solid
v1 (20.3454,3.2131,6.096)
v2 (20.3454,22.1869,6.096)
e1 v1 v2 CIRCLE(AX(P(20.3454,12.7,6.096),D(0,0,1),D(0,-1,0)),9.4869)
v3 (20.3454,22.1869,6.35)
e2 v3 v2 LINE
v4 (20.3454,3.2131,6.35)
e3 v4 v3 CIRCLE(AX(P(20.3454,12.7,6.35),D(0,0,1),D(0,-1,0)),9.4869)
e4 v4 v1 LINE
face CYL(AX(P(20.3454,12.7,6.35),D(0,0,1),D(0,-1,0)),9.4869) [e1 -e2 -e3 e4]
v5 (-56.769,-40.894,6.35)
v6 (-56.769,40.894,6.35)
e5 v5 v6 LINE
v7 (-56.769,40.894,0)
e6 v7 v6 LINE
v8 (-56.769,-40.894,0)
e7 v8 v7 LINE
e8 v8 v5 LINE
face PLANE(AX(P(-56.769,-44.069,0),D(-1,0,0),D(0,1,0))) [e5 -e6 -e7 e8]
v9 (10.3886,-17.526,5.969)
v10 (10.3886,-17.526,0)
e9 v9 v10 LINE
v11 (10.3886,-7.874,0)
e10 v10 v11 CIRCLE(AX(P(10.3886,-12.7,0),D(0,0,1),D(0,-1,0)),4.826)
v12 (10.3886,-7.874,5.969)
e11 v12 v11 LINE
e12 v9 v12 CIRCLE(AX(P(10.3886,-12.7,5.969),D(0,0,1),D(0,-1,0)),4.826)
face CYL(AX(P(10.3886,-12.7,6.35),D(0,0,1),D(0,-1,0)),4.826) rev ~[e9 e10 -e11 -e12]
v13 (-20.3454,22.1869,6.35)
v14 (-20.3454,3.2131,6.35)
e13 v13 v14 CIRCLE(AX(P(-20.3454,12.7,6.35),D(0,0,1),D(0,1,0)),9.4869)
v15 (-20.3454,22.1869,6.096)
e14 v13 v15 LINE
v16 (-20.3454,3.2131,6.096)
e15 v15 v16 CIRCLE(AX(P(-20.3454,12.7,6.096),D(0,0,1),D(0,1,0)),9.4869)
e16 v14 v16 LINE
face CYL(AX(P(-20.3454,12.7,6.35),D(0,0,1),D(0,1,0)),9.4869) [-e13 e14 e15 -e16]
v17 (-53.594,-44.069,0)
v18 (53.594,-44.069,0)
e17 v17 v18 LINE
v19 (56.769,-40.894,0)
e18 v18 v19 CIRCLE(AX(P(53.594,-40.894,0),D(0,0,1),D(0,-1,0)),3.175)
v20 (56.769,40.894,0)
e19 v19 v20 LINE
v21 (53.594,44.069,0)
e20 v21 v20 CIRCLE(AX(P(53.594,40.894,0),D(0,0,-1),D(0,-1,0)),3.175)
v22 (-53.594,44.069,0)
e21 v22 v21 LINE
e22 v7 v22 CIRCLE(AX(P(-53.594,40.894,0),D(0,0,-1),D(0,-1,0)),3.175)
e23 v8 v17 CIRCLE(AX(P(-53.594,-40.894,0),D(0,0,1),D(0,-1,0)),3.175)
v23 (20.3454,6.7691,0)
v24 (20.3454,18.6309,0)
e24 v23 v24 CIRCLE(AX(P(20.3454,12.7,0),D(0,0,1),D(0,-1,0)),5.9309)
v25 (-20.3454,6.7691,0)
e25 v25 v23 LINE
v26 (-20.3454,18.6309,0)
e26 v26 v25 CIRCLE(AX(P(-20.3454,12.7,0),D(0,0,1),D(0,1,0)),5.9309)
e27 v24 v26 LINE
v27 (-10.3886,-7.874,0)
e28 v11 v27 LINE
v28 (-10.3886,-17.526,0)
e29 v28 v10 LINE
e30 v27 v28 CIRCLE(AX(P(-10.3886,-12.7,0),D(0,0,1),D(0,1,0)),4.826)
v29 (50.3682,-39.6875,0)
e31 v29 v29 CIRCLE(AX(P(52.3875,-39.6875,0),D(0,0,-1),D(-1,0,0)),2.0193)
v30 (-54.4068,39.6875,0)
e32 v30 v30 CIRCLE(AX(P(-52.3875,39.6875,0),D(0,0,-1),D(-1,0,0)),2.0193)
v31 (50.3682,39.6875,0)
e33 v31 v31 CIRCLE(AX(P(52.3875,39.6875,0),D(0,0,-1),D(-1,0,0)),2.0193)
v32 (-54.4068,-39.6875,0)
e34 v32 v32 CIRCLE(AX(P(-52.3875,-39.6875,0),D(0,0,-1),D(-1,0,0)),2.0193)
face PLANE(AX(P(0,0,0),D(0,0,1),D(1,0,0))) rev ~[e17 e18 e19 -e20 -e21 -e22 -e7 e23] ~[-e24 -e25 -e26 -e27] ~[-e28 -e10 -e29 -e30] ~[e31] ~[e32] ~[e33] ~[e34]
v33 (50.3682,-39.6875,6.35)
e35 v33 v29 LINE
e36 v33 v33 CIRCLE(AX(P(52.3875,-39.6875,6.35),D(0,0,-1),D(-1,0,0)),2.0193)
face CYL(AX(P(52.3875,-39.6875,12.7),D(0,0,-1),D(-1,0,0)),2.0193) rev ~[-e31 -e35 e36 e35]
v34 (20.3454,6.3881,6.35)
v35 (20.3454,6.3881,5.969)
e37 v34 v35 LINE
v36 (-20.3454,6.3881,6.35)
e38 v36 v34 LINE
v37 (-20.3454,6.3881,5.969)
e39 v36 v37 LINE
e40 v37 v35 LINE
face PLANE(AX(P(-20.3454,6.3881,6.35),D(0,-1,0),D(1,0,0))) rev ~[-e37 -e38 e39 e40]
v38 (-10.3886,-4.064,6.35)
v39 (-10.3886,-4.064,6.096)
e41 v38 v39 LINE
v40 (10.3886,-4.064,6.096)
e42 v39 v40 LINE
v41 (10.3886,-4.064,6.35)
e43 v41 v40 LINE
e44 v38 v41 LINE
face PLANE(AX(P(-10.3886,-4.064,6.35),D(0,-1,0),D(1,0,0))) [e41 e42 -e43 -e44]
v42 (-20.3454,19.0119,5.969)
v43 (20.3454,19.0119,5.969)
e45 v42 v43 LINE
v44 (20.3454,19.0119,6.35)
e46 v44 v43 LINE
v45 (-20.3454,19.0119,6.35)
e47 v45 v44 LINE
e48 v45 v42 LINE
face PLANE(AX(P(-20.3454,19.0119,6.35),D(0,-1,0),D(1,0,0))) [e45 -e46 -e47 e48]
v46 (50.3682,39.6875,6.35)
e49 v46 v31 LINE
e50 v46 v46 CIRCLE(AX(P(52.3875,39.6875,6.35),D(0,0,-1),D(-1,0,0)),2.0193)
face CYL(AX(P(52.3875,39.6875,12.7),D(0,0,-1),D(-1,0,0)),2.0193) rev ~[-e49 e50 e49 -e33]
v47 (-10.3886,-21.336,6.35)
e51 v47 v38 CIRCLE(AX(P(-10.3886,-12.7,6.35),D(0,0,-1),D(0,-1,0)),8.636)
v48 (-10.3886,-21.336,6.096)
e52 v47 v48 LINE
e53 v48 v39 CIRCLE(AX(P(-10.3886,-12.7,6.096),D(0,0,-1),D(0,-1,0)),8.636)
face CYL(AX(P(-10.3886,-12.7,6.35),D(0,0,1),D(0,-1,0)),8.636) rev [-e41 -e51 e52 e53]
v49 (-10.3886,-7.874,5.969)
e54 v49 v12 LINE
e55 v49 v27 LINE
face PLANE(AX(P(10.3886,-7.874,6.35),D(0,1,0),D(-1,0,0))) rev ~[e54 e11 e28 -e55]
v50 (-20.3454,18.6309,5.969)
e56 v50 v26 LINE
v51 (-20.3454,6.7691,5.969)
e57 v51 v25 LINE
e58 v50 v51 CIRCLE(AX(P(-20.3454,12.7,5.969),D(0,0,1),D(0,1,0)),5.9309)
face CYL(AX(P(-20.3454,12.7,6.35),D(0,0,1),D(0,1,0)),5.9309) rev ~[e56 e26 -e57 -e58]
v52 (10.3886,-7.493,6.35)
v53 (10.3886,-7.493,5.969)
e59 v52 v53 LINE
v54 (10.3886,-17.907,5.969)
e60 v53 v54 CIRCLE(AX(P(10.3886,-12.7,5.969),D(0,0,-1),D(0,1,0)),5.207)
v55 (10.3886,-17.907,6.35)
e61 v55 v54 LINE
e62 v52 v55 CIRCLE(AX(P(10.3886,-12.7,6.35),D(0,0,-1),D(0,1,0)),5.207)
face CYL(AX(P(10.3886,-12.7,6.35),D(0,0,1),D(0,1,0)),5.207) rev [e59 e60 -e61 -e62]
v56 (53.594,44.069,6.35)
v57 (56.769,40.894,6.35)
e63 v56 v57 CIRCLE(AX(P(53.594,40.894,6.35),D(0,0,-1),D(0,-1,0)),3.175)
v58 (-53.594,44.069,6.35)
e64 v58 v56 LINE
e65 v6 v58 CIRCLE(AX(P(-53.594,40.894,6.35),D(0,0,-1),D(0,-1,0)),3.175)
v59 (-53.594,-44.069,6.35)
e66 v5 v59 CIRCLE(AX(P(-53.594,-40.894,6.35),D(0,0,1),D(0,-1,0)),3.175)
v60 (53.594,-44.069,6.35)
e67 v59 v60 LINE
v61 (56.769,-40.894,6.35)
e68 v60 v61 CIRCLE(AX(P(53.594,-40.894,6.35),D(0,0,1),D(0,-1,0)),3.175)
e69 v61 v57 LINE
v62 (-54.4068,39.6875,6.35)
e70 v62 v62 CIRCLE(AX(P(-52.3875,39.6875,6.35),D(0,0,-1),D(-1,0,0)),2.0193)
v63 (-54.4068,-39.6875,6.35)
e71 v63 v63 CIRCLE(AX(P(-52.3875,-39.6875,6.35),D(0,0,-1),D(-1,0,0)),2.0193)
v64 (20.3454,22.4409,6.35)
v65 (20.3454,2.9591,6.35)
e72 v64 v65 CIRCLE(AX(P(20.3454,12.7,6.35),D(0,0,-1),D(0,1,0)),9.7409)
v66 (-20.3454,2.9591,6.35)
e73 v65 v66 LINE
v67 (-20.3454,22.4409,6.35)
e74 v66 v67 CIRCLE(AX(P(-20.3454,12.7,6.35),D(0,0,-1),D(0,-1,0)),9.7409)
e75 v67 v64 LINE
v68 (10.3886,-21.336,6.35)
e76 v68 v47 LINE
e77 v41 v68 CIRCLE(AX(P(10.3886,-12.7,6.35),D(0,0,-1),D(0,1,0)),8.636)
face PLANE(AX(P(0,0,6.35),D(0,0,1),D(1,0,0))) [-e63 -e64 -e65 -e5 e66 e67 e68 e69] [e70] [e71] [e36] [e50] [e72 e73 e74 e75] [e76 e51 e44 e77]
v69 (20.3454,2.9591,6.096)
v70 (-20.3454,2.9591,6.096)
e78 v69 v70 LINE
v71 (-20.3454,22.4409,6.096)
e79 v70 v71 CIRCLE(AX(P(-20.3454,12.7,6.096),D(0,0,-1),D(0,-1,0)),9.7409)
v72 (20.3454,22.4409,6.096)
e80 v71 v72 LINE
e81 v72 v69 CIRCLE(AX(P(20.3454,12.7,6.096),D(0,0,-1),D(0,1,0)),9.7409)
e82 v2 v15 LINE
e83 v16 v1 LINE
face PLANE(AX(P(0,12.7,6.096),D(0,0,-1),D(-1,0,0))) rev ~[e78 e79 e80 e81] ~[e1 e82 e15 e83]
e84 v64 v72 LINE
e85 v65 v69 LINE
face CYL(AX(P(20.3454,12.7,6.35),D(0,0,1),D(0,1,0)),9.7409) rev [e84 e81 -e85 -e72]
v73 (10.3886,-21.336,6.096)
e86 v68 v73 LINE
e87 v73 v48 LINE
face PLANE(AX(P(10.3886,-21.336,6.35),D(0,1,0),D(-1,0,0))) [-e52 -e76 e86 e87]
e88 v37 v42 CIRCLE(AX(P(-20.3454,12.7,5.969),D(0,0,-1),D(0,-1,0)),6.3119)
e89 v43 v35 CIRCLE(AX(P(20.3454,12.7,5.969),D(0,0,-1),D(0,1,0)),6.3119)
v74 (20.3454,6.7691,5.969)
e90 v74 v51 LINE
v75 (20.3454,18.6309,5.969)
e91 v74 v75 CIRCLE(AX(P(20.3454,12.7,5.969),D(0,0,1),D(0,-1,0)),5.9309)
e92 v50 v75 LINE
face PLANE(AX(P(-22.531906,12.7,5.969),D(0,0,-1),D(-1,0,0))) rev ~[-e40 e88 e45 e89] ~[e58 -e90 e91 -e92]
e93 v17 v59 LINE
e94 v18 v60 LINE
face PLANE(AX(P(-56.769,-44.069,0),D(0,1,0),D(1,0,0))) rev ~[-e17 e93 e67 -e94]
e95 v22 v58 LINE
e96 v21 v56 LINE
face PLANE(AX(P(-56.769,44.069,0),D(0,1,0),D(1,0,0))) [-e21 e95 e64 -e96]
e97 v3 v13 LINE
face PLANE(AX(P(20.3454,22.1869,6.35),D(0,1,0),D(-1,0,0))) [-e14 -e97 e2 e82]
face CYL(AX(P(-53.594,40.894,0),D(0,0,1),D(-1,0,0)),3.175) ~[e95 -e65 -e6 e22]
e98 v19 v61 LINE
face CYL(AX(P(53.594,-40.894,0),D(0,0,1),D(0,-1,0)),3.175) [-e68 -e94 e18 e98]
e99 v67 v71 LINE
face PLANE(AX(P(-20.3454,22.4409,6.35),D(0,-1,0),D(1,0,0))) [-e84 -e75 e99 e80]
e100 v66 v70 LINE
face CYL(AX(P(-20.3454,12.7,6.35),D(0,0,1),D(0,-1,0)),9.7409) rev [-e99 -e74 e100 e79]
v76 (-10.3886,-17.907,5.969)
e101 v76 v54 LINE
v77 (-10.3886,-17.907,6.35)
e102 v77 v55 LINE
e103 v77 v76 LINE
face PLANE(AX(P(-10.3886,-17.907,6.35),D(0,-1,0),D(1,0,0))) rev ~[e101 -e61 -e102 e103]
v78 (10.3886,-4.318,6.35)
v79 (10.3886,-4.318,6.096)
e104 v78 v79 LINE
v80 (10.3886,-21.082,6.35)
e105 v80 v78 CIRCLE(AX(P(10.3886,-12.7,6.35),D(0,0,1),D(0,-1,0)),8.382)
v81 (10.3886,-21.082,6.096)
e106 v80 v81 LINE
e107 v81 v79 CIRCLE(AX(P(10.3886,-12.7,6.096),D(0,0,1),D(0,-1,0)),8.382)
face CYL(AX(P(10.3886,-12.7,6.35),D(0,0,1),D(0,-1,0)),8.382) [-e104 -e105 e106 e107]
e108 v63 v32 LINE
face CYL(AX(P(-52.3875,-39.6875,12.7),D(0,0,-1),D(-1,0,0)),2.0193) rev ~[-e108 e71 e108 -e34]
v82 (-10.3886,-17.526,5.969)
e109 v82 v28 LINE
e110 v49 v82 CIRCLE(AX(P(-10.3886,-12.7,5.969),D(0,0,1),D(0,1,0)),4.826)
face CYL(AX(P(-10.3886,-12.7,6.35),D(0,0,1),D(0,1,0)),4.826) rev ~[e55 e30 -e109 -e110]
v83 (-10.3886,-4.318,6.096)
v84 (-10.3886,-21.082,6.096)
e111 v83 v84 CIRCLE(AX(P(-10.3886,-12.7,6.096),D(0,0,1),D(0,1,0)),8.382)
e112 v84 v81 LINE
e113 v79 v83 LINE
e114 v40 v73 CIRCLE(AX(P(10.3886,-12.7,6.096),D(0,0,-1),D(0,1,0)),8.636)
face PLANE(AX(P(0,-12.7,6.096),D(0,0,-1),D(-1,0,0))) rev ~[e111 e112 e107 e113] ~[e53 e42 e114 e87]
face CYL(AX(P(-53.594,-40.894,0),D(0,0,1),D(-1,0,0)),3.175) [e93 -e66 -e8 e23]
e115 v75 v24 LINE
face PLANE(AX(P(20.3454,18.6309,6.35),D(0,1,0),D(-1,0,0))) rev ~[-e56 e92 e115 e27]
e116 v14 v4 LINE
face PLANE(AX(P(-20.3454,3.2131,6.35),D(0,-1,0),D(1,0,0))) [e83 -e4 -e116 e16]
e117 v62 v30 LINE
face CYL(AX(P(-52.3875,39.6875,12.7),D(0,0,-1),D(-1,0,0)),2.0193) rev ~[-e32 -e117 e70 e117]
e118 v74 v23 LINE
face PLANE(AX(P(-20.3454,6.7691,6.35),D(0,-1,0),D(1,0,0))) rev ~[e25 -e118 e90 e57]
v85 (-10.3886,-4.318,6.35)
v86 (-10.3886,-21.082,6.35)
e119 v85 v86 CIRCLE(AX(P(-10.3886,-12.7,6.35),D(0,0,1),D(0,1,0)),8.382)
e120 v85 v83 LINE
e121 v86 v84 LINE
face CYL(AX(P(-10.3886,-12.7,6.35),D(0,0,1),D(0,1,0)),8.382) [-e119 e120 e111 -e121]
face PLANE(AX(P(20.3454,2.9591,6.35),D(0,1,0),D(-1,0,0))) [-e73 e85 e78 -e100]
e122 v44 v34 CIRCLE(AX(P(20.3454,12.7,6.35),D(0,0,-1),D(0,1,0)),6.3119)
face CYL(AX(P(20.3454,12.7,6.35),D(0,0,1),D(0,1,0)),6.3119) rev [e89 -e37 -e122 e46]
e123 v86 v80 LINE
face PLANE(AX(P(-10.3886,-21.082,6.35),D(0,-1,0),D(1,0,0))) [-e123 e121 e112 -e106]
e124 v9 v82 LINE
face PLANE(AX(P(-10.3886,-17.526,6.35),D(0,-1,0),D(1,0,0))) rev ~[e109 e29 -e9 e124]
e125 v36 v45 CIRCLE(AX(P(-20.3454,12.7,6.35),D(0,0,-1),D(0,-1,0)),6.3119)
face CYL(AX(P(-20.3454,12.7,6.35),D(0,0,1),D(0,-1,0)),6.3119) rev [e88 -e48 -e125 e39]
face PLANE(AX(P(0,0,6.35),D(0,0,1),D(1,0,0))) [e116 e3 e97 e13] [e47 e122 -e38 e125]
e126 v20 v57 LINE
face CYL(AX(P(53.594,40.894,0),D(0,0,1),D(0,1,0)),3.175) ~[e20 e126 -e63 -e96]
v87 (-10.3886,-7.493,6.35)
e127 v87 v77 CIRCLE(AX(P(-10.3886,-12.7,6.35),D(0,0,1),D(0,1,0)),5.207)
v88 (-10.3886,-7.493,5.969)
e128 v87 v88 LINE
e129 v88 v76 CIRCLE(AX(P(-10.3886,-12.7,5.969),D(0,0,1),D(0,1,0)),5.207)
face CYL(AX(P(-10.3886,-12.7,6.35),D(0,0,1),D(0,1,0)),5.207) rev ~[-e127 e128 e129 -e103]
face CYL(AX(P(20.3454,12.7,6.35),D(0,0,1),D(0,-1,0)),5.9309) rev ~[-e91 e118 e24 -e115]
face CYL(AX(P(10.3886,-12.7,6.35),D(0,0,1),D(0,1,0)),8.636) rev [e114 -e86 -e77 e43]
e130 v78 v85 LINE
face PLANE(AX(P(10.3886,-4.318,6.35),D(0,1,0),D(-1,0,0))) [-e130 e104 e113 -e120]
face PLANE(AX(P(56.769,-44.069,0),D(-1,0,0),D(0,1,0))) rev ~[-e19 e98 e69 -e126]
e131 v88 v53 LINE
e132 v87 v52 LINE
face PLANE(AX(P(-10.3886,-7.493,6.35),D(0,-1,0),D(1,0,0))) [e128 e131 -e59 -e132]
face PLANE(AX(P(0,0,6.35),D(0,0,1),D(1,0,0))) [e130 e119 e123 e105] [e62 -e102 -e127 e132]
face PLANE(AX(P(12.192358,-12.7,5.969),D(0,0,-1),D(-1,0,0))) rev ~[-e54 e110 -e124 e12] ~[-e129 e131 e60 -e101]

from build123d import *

# Parameters (mm, degrees)
SKETCH1_W                 = 113.538
SKETCH1_H                 = 88.138
EXTRUDE1_DEPTH            = 6.35
F_8_CLEARANCE_HOLE1_D     = 4.0386
F_8_CLEARANCE_HOLE1_DEPTH = 6.35
FILLET2_R                 = 3.175
SKETCH8_W                 = 40.6908
SKETCH8_H                 = 12.6238
SKETCH8_W_2               = 20.7772
SKETCH8_H_2               = 10.414
CUT_EXTRUDE1_DEPTH        = 0.381
CUT_EXTRUDE2_DEPTH        = 7.35
CUT_EXTRUDE3_DEPTH        = 0.254


with BuildPart() as part:
    # Sketch1 → Extrude1 (new body)
    with BuildSketch(Plane.XY):
        Rectangle(SKETCH1_W, SKETCH1_H)
    extrude(amount=EXTRUDE1_DEPTH)

    # #8 Clearance Hole1
    with Locations(Plane(origin=(-52.3875, 39.6875, 6.35), x_dir=(1, 0, 0), z_dir=(0, 0, 1))):
        with Locations((0, 0), (104.775, 0), (104.775, -79.375), (0, -79.375)):
            Hole(F_8_CLEARANCE_HOLE1_D / 2, depth=F_8_CLEARANCE_HOLE1_DEPTH)

    # Fillet2
    fillet2_edges = [part.edges().sort_by_distance(p)[0] for p in [
        (-56.769, 44.069, 3.175),
        (56.769, 44.069, 3.175),
        (56.769, -44.069, 3.175),
        (-56.769, -44.069, 3.175),
    ]]
    fillet(fillet2_edges, radius=FILLET2_R)

    # Sketch8 → Cut-Extrude1 (cut)
    with BuildSketch(Plane.XY.offset(6.35)):
        with BuildLine():
            ThreePointArc((-20.3454, 6.3881), (-26.6573, 12.7), (-20.3454, 19.0119))
            Line((-20.3454, 19.0119), (-20.3454, 6.3881))
        make_face()
        with Locations((0, 12.7)):
            Rectangle(SKETCH8_W, SKETCH8_H)
        with BuildLine():
            ThreePointArc((20.3454, 19.0119), (26.6573, 12.7), (20.3454, 6.3881))
            Line((20.3454, 6.3881), (20.3454, 19.0119))
        make_face()
        with BuildLine():
            ThreePointArc((10.3886, -7.493), (15.5956, -12.7), (10.3886, -17.907))
            Line((10.3886, -17.907), (10.3886, -7.493))
        make_face()
        with Locations((0, -12.7)):
            Rectangle(SKETCH8_W_2, SKETCH8_H_2)
        with BuildLine():
            Line((-10.3886, -17.907), (-10.3886, -7.493))
            ThreePointArc((-10.3886, -7.493), (-15.5956, -12.7), (-10.3886, -17.907))
        make_face()
    extrude(amount=-CUT_EXTRUDE1_DEPTH, mode=Mode.SUBTRACT)

    # Sketch9 → Cut-Extrude2 (cut, through all)
    with BuildSketch(Plane.XY.offset(6.35)):
        with BuildLine():
            Line((-20.3454, 6.7691), (20.3454, 6.7691))
            ThreePointArc((20.3454, 6.7691), (26.2763, 12.7), (20.3454, 18.6309))
            Line((20.3454, 18.6309), (-20.3454, 18.6309))
            ThreePointArc((-20.3454, 18.6309), (-26.2763, 12.7), (-20.3454, 6.7691))
        make_face()
        with BuildLine():
            Line((10.3886, -7.874), (-10.3886, -7.874))
            ThreePointArc((-10.3886, -7.874), (-15.2146, -12.7), (-10.3886, -17.526))
            Line((-10.3886, -17.526), (10.3886, -17.526))
            ThreePointArc((10.3886, -17.526), (15.2146, -12.7), (10.3886, -7.874))
        make_face()
    extrude(amount=-CUT_EXTRUDE2_DEPTH, mode=Mode.SUBTRACT)

    # Sketch10 → Cut-Extrude3 (cut)
    with BuildSketch(Plane.XY.offset(6.35)):
        with BuildLine():
            Line((20.3454, 2.9591), (-20.3454, 2.9591))
            ThreePointArc((-20.3454, 2.9591), (-30.0863, 12.7), (-20.3454, 22.4409))
            Line((-20.3454, 22.4409), (20.3454, 22.4409))
            ThreePointArc((20.3454, 22.4409), (30.0863, 12.7), (20.3454, 2.9591))
        make_face()
        with BuildLine():
            ThreePointArc((20.3454, 3.2131), (29.8323, 12.7), (20.3454, 22.1869))
            Line((20.3454, 22.1869), (-20.3454, 22.1869))
            ThreePointArc((-20.3454, 22.1869), (-29.8323, 12.7), (-20.3454, 3.2131))
            Line((-20.3454, 3.2131), (20.3454, 3.2131))
        make_face(mode=Mode.SUBTRACT)
        with BuildLine():
            Line((10.3886, -21.336), (-10.3886, -21.336))
            ThreePointArc((-10.3886, -21.336), (-19.0246, -12.7), (-10.3886, -4.064))
            Line((-10.3886, -4.064), (10.3886, -4.064))
            ThreePointArc((10.3886, -4.064), (19.0246, -12.7), (10.3886, -21.336))
        make_face()
        with BuildLine():
            ThreePointArc((10.3886, -21.082), (18.7706, -12.7), (10.3886, -4.318))
            Line((10.3886, -4.318), (-10.3886, -4.318))
            ThreePointArc((-10.3886, -4.318), (-18.7706, -12.7), (-10.3886, -21.082))
            Line((-10.3886, -21.082), (10.3886, -21.082))
        make_face(mode=Mode.SUBTRACT)
    extrude(amount=-CUT_EXTRUDE3_DEPTH, mode=Mode.SUBTRACT)


solid = part.part
